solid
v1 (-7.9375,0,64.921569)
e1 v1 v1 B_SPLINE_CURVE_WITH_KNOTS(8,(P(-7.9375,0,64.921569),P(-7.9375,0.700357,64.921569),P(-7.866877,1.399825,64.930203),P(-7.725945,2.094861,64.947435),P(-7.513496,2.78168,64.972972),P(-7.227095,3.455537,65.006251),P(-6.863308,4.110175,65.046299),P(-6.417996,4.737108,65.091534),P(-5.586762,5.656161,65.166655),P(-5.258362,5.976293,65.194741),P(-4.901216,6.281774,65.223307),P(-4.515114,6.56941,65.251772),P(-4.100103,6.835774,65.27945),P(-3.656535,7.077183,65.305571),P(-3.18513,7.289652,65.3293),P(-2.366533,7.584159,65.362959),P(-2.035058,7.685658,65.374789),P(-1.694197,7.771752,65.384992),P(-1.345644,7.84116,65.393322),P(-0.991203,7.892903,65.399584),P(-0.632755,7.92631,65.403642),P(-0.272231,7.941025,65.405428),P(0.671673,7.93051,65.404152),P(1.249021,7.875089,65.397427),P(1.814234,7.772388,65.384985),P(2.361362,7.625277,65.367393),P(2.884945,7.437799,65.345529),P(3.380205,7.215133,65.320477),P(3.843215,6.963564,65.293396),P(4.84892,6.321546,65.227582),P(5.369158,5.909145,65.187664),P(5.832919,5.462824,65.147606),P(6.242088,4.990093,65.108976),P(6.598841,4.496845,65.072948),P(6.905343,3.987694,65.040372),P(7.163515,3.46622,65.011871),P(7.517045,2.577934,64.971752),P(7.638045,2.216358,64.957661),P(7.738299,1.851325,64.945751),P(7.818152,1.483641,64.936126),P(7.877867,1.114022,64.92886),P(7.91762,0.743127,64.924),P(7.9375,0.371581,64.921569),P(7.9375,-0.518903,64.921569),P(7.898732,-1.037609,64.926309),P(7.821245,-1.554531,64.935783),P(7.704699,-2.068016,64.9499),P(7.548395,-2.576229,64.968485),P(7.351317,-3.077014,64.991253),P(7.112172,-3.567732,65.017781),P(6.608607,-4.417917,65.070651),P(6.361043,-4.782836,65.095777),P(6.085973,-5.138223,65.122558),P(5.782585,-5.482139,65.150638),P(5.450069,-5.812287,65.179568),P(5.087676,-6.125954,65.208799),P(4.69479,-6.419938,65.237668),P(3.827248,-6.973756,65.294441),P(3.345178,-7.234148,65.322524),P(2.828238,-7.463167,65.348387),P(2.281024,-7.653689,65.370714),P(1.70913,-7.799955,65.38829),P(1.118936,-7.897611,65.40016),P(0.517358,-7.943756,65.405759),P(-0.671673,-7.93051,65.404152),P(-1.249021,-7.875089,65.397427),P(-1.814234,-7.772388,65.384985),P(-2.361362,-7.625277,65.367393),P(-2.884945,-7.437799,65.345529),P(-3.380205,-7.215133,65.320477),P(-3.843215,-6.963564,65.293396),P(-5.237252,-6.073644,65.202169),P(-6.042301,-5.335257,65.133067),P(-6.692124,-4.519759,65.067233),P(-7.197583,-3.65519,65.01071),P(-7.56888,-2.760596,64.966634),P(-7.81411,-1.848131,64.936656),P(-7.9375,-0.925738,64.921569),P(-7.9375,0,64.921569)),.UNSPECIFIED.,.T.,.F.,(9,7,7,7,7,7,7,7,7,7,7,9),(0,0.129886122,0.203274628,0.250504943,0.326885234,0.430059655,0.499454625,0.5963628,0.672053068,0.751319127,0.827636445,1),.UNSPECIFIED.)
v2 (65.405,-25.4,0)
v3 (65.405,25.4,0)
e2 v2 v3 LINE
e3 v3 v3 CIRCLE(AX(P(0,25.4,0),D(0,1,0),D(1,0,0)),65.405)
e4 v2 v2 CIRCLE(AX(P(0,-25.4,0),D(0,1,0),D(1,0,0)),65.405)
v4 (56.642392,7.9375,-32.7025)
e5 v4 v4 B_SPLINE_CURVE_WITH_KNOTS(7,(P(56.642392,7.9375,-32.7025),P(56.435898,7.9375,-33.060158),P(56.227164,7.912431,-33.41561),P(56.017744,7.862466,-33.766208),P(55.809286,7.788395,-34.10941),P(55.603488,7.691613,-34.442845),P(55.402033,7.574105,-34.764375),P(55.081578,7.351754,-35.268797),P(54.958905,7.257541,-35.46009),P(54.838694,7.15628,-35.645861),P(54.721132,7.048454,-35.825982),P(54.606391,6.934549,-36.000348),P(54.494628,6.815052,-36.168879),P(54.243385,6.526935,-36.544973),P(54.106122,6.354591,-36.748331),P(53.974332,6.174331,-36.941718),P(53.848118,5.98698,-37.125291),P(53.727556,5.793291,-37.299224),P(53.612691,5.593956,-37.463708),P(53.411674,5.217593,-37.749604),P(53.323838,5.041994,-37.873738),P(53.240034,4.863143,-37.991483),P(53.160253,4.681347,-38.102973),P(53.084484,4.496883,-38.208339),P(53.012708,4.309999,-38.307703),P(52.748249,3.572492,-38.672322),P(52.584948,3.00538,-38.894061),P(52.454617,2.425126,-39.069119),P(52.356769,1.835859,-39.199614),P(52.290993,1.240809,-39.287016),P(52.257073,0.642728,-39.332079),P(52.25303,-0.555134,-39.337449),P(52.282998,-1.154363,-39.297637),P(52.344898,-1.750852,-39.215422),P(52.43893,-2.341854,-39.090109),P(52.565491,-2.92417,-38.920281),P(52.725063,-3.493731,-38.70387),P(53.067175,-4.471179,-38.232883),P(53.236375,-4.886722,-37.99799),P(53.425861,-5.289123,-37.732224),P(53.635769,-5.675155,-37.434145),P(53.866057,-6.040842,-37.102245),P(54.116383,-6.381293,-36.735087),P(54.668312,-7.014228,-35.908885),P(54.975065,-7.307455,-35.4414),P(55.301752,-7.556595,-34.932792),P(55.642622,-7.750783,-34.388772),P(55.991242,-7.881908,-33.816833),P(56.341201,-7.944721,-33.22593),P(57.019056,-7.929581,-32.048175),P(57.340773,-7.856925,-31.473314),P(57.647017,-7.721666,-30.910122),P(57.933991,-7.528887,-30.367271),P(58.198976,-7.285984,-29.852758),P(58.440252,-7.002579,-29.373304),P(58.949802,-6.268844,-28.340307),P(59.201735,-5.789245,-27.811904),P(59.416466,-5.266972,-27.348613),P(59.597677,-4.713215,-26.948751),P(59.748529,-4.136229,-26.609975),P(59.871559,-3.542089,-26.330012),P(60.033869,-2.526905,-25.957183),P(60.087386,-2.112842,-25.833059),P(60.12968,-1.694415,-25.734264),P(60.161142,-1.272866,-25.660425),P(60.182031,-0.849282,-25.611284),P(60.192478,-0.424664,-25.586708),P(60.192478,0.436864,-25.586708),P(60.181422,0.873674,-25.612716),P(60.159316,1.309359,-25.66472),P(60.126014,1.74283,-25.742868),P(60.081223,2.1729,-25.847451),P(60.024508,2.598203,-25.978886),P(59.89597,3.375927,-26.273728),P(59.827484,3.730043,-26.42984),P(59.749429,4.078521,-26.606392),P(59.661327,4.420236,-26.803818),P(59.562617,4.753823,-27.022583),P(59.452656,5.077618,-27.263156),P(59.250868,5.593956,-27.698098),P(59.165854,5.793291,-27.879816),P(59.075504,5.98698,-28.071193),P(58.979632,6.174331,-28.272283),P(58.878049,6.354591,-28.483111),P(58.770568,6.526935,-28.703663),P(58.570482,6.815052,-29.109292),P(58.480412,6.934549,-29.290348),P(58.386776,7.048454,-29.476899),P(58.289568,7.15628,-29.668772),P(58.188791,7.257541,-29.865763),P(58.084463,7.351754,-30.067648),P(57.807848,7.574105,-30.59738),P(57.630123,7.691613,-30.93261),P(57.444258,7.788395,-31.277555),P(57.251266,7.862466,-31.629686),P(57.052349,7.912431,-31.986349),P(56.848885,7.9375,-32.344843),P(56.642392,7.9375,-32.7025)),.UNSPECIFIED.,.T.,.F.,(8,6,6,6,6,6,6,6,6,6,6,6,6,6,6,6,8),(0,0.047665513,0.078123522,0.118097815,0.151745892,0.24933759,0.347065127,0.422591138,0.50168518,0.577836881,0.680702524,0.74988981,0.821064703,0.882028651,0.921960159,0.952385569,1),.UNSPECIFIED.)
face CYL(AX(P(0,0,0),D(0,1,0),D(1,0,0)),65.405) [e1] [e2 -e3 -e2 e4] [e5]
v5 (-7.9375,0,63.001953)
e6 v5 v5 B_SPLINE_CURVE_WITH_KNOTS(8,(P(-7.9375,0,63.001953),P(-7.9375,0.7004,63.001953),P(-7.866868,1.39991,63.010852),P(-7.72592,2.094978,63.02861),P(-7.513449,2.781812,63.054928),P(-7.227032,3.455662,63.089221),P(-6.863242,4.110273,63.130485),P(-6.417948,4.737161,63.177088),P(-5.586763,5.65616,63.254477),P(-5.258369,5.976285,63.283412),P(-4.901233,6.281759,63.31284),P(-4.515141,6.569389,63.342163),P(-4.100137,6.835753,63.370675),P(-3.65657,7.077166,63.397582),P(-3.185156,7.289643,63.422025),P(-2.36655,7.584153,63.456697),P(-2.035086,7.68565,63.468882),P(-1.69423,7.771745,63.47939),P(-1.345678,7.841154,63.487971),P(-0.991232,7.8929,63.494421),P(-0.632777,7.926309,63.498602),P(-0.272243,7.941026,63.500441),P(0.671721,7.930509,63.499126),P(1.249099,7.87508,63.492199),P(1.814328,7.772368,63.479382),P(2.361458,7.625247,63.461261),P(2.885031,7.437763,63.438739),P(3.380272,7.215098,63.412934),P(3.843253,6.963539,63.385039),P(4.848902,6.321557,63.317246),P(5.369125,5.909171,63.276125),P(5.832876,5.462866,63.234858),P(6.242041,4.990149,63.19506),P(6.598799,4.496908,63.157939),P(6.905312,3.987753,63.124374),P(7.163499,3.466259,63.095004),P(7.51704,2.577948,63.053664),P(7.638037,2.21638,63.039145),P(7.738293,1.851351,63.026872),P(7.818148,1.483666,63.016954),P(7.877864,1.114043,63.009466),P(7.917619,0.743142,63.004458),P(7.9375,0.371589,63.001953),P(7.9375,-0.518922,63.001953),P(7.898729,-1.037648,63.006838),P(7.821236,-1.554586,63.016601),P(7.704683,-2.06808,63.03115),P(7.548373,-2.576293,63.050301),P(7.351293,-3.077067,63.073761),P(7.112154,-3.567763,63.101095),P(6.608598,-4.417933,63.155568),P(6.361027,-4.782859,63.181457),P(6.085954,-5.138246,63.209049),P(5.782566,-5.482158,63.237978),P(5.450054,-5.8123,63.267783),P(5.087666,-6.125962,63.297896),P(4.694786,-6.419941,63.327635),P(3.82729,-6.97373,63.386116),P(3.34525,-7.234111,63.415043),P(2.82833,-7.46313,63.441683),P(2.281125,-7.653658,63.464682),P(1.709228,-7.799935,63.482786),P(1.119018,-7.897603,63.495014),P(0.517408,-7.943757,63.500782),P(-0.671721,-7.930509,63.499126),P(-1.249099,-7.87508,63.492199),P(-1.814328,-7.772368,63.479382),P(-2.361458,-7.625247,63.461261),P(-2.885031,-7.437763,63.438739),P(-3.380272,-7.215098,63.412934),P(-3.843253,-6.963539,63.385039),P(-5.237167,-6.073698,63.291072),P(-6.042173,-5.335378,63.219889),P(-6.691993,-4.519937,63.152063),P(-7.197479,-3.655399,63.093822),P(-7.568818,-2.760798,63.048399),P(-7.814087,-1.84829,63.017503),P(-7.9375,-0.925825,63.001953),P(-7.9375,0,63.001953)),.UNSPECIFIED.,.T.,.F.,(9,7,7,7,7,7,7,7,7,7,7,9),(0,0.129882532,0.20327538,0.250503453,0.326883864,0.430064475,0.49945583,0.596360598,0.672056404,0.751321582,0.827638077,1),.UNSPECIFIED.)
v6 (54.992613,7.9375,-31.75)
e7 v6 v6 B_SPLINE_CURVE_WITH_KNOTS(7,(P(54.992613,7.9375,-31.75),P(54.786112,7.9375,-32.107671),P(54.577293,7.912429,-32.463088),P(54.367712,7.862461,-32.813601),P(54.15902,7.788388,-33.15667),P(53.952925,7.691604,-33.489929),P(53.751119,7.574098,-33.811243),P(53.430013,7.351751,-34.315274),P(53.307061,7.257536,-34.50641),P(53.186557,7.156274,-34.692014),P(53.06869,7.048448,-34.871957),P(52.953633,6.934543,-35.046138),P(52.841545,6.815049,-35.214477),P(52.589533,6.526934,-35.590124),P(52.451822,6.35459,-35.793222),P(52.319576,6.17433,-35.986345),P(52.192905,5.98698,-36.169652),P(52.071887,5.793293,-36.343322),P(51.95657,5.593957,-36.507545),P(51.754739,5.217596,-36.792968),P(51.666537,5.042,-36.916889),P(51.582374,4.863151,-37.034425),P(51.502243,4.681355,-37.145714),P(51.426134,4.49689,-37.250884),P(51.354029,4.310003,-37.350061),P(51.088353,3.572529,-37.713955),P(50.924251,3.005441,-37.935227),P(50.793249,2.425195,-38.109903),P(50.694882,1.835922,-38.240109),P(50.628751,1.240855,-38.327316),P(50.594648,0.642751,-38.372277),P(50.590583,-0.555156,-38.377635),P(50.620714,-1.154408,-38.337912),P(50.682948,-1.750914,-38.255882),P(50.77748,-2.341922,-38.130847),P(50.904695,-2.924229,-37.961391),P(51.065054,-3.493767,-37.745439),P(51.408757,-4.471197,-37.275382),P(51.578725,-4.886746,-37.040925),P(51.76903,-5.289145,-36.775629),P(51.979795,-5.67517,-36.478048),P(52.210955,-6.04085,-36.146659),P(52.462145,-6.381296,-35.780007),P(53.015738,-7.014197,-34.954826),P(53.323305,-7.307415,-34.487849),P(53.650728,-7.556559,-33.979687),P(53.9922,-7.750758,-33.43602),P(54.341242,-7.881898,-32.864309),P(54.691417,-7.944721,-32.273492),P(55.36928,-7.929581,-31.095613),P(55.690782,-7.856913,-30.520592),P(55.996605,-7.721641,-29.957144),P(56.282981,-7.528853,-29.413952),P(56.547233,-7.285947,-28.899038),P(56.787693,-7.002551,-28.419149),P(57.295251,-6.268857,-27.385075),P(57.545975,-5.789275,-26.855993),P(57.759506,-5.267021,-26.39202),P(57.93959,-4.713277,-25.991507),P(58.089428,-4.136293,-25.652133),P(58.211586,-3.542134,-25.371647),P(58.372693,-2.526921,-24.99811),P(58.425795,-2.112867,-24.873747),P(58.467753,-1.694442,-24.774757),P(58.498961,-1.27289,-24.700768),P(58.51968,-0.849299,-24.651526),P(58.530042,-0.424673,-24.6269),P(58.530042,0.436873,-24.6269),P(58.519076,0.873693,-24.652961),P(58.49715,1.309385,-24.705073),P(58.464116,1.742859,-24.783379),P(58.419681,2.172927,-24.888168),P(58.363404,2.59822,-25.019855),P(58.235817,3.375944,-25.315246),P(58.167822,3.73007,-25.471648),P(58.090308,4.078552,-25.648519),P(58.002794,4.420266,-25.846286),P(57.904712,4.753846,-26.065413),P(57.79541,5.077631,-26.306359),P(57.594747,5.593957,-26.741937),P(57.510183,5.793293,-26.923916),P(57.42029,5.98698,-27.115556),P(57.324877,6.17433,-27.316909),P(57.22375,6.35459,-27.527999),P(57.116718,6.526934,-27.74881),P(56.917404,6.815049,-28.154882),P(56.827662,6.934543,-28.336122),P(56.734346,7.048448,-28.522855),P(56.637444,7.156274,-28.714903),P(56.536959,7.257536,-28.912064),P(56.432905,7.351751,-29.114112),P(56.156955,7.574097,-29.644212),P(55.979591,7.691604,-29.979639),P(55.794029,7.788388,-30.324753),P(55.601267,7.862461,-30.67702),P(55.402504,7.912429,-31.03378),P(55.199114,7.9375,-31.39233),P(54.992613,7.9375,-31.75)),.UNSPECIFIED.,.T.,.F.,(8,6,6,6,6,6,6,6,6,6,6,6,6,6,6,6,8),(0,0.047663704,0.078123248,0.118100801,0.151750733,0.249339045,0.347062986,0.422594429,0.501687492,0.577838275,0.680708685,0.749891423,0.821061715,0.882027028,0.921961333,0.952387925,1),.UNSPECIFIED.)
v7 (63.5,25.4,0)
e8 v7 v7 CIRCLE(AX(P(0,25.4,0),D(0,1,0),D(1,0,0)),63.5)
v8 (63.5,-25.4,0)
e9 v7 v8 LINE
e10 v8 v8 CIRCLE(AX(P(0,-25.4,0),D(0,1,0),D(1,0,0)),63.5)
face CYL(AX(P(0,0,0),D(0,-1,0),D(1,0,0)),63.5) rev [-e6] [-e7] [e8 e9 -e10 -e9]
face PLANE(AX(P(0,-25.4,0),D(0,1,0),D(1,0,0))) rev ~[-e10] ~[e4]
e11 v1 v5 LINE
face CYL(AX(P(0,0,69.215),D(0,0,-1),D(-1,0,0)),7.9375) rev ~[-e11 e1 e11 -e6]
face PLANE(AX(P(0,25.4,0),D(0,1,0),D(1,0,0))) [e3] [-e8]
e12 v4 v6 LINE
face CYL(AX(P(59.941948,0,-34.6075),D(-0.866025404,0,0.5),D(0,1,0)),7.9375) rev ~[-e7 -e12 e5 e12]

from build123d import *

# Parameters (mm, degrees)
SKETCH1_R                        = 65.405
SKETCH1_R_2                      = 63.5
BOSS_EXTRUDE1_DEPTH              = 25.4
F_5_8_0_625_DIAMETER_HOLE1_D     = 15.875
F_5_8_0_625_DIAMETER_HOLE1_DEPTH = 3.81
F_5_8_0_625_DIAMETER_HOLE2_D     = 15.875
F_5_8_0_625_DIAMETER_HOLE2_DEPTH = 3.81


with BuildPart() as part:
    # Sketch1 → Boss-Extrude1 (new body, symmetric)
    with BuildSketch(Plane(origin=(0, 0, 0), x_dir=(1, 0, 0), z_dir=(0, 1, 0))):
        Circle(SKETCH1_R)
        Circle(SKETCH1_R_2, mode=Mode.SUBTRACT)
    extrude(amount=BOSS_EXTRUDE1_DEPTH, both=True)

    # 5/8 (0.625) Diameter Hole1
    with Locations(Plane(origin=(56.642391535, 0, -32.7025), x_dir=(0, -1, 0), z_dir=(0.866025404, 0, -0.5))):
        with Locations((0, 0)):
            Hole(F_5_8_0_625_DIAMETER_HOLE1_D / 2, depth=F_5_8_0_625_DIAMETER_HOLE1_DEPTH)

    # 5/8 (0.625) Diameter Hole2
    with Locations(Plane.XY.offset(65.405)):
        with Locations((0, 0)):
            Hole(F_5_8_0_625_DIAMETER_HOLE2_D / 2, depth=F_5_8_0_625_DIAMETER_HOLE2_DEPTH)


solid = part.part
